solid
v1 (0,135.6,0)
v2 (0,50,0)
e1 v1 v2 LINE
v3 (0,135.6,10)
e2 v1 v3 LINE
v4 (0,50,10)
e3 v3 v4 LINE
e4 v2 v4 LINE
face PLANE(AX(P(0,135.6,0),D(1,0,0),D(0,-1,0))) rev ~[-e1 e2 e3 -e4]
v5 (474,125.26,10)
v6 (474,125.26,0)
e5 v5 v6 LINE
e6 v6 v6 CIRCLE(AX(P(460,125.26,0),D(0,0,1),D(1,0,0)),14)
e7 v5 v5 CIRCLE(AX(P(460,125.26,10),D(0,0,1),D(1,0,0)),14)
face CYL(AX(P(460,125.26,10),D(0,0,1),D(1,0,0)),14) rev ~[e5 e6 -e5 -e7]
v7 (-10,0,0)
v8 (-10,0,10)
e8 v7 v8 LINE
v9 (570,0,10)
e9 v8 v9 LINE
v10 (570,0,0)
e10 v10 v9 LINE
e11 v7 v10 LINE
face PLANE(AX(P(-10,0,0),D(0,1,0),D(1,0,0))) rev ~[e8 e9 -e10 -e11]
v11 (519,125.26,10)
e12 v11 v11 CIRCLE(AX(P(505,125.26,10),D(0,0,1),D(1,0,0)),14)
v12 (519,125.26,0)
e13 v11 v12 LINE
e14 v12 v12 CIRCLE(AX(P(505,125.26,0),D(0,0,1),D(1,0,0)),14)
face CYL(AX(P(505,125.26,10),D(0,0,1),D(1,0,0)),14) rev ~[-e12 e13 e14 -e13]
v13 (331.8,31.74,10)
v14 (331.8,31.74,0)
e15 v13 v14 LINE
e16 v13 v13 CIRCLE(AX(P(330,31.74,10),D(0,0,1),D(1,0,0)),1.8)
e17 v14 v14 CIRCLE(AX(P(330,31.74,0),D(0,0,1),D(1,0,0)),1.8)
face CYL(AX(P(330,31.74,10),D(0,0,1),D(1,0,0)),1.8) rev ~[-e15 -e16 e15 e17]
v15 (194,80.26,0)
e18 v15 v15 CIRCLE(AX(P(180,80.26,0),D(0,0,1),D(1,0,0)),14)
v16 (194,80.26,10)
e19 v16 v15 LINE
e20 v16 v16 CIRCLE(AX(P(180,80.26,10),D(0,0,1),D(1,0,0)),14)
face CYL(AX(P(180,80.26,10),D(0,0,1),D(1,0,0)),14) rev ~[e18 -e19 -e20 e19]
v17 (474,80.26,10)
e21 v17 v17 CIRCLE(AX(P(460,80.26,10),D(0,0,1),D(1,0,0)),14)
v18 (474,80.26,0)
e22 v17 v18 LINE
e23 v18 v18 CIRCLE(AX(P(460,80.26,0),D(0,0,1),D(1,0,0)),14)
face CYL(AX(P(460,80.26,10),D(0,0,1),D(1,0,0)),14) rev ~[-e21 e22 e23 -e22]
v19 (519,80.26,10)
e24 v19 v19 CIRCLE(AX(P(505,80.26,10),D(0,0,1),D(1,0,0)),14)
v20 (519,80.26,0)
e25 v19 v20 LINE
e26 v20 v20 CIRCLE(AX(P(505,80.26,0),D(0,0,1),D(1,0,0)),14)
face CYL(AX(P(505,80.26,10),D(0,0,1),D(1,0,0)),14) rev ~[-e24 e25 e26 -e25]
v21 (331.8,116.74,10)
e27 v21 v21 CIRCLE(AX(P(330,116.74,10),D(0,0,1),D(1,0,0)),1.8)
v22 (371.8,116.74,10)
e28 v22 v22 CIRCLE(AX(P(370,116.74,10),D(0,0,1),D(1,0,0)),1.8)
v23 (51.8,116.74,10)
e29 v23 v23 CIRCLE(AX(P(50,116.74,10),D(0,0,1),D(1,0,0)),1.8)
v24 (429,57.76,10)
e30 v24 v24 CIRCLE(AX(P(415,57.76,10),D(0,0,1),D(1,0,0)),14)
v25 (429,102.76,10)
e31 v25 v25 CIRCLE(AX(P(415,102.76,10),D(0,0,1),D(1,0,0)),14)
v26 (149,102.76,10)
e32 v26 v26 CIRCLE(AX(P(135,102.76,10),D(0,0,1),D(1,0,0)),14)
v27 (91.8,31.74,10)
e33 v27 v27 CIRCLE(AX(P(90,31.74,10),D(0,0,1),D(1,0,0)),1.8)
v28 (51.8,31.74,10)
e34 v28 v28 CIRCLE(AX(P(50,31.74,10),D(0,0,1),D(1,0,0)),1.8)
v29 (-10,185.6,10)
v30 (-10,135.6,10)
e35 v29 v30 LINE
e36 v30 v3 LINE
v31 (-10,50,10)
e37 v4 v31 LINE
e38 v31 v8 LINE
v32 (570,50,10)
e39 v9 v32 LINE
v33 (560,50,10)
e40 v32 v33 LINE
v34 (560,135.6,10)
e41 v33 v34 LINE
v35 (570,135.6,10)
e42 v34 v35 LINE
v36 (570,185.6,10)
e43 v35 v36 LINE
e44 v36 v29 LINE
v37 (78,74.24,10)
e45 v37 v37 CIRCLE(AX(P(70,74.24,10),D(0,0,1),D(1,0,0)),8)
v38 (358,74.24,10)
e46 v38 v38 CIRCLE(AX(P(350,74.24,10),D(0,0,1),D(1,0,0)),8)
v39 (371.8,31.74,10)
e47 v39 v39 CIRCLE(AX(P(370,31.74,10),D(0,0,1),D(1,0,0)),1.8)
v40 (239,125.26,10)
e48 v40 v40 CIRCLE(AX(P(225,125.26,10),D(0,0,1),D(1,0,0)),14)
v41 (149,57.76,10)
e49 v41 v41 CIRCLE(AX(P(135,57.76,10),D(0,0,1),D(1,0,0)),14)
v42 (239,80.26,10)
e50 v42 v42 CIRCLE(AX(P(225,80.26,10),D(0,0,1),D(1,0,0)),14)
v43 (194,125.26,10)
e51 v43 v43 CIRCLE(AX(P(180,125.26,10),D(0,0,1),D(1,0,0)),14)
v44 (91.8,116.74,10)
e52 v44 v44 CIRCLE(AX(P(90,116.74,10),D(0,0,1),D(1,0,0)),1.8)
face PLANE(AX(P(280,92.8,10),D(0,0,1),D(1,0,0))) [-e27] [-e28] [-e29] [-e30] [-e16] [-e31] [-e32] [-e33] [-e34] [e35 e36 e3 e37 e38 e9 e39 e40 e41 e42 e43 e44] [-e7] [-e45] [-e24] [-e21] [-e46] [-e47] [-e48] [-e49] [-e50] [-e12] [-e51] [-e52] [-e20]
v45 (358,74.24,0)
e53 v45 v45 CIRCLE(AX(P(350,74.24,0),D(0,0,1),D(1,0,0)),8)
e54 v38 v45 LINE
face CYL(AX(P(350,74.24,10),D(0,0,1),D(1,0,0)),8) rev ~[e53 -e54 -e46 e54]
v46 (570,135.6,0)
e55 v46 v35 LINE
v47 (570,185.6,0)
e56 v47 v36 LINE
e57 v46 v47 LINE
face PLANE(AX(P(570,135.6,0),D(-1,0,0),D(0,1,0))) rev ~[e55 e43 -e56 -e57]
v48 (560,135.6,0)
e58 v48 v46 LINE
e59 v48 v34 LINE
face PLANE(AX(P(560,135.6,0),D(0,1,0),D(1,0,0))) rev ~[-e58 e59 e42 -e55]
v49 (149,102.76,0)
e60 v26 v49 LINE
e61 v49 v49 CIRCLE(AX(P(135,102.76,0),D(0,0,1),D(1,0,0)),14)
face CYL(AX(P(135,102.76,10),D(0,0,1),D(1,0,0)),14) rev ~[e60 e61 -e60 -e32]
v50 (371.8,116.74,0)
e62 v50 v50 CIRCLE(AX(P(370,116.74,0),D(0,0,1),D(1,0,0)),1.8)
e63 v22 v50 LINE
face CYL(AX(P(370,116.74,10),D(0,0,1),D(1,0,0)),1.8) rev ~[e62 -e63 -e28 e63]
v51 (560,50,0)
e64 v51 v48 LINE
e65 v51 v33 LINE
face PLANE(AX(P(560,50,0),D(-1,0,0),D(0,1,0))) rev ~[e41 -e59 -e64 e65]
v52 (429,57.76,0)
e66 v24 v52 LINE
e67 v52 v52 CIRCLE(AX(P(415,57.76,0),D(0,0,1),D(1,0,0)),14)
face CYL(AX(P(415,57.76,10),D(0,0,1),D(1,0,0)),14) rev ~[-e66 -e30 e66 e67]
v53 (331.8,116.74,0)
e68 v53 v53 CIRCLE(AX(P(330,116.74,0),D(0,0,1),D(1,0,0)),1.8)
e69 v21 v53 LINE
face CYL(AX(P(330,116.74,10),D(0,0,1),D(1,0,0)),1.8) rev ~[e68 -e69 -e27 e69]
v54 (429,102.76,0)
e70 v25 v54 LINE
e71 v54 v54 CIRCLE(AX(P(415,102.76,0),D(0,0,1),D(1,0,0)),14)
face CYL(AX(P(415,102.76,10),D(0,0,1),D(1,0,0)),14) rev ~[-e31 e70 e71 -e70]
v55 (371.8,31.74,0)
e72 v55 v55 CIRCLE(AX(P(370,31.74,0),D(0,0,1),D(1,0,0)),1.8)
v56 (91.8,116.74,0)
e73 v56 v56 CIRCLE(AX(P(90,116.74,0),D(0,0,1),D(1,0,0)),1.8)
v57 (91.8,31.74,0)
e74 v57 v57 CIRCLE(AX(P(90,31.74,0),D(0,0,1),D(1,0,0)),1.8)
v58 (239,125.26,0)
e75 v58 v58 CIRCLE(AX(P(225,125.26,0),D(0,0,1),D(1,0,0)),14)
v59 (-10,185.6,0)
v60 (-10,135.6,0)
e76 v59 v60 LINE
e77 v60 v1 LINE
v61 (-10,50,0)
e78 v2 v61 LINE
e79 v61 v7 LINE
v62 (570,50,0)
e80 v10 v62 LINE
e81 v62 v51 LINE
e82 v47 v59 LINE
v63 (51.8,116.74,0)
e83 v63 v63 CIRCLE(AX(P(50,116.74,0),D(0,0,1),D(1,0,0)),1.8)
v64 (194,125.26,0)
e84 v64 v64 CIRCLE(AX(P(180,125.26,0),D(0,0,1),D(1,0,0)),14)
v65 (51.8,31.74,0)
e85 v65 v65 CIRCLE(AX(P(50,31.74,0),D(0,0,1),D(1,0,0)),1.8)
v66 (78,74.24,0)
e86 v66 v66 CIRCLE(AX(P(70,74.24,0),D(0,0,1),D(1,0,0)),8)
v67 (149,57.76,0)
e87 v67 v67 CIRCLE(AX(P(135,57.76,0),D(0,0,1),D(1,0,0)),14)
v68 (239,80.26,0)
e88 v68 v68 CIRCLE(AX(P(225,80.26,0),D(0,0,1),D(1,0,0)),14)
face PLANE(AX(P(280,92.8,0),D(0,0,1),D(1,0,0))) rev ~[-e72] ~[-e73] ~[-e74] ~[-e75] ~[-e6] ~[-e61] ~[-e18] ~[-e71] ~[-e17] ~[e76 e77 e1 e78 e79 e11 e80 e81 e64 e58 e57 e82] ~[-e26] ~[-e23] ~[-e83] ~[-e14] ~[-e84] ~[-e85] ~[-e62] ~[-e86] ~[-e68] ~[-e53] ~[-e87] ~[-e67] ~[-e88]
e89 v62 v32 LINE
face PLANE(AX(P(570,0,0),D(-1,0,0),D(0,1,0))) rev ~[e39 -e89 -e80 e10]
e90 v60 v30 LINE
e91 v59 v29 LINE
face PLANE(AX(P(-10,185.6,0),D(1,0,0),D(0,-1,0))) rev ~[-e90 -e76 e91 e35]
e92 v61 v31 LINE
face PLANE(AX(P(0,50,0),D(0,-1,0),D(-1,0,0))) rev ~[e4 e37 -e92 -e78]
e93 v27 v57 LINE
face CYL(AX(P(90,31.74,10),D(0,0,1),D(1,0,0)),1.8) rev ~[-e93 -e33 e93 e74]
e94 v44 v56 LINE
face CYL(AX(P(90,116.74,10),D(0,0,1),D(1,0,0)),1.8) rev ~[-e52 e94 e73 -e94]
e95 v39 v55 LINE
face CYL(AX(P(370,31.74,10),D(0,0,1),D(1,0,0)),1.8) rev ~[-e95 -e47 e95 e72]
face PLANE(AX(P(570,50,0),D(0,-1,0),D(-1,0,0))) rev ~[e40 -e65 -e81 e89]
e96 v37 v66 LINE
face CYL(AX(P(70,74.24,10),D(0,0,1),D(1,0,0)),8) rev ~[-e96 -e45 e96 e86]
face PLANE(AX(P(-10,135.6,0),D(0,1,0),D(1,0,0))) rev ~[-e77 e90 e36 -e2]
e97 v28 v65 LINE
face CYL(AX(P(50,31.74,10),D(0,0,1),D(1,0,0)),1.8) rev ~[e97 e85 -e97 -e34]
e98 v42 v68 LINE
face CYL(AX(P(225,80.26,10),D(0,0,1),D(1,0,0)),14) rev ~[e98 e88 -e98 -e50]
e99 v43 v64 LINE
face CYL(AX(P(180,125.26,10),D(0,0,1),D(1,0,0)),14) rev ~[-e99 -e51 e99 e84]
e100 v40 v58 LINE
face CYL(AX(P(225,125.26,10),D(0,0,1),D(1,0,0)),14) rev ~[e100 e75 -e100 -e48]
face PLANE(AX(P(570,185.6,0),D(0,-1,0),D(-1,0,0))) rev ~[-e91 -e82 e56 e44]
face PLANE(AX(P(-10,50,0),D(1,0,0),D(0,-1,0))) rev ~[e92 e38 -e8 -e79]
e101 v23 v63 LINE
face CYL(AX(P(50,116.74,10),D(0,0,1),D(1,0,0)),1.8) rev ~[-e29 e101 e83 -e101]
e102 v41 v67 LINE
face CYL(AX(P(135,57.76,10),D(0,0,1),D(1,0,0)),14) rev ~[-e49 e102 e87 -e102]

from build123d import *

# Parameters (mm, degrees)
PAD_DEPTH     = 10
SKETCH001_R   = 8
SKETCH001_R_2 = 14
SKETCH001_R_3 = 1.8
POCKET_DEPTH  = 10.001


with BuildPart() as part:
    # Sketch → Pad (new body)
    with BuildSketch(Plane.XY):
        Polygon((0, 0), (560, 0), (570, 0), (570, 50), (560, 50), (560, 135.6), (570, 135.6), (570, 185.6), (560, 185.6), (0, 185.6), (-10, 185.6), (-10, 135.6), (0, 135.6), (0, 50), (-10, 50), (-10, 0), align=None)
    extrude(amount=PAD_DEPTH)

    # Sketch001 → Pocket (cut, through all)
    with BuildSketch(Plane.XY.offset(10)):
        with Locations((70, 74.24)):
            Circle(SKETCH001_R)
        with Locations((135, 102.76)):
            Circle(SKETCH001_R_2)
        with Locations((180, 125.26)):
            Circle(SKETCH001_R_2)
        with Locations((225, 125.26)):
            Circle(SKETCH001_R_2)
        with Locations((135, 57.76)):
            Circle(SKETCH001_R_2)
        with Locations((180, 80.26)):
            Circle(SKETCH001_R_2)
        with Locations((225, 80.26)):
            Circle(SKETCH001_R_2)
        with Locations((350, 74.24)):
            Circle(SKETCH001_R)
        with Locations((415, 102.76)):
            Circle(SKETCH001_R_2)
        with Locations((460, 125.26)):
            Circle(SKETCH001_R_2)
        with Locations((505, 125.26)):
            Circle(SKETCH001_R_2)
        with Locations((505, 80.26)):
            Circle(SKETCH001_R_2)
        with Locations((460, 80.26)):
            Circle(SKETCH001_R_2)
        with Locations((415, 57.76)):
            Circle(SKETCH001_R_2)
        with Locations((50, 116.74)):
            Circle(SKETCH001_R_3)
        with Locations((90, 116.74)):
            Circle(SKETCH001_R_3)
        with Locations((50, 31.74)):
            Circle(SKETCH001_R_3)
        with Locations((90, 31.74)):
            Circle(SKETCH001_R_3)
        with Locations((330, 116.74)):
            Circle(SKETCH001_R_3)
        with Locations((370, 116.74)):
            Circle(SKETCH001_R_3)
        with Locations((370, 31.74)):
            Circle(SKETCH001_R_3)
        with Locations((330, 31.74)):
            Circle(SKETCH001_R_3)
    extrude(amount=-POCKET_DEPTH, mode=Mode.SUBTRACT)


solid = part.part
